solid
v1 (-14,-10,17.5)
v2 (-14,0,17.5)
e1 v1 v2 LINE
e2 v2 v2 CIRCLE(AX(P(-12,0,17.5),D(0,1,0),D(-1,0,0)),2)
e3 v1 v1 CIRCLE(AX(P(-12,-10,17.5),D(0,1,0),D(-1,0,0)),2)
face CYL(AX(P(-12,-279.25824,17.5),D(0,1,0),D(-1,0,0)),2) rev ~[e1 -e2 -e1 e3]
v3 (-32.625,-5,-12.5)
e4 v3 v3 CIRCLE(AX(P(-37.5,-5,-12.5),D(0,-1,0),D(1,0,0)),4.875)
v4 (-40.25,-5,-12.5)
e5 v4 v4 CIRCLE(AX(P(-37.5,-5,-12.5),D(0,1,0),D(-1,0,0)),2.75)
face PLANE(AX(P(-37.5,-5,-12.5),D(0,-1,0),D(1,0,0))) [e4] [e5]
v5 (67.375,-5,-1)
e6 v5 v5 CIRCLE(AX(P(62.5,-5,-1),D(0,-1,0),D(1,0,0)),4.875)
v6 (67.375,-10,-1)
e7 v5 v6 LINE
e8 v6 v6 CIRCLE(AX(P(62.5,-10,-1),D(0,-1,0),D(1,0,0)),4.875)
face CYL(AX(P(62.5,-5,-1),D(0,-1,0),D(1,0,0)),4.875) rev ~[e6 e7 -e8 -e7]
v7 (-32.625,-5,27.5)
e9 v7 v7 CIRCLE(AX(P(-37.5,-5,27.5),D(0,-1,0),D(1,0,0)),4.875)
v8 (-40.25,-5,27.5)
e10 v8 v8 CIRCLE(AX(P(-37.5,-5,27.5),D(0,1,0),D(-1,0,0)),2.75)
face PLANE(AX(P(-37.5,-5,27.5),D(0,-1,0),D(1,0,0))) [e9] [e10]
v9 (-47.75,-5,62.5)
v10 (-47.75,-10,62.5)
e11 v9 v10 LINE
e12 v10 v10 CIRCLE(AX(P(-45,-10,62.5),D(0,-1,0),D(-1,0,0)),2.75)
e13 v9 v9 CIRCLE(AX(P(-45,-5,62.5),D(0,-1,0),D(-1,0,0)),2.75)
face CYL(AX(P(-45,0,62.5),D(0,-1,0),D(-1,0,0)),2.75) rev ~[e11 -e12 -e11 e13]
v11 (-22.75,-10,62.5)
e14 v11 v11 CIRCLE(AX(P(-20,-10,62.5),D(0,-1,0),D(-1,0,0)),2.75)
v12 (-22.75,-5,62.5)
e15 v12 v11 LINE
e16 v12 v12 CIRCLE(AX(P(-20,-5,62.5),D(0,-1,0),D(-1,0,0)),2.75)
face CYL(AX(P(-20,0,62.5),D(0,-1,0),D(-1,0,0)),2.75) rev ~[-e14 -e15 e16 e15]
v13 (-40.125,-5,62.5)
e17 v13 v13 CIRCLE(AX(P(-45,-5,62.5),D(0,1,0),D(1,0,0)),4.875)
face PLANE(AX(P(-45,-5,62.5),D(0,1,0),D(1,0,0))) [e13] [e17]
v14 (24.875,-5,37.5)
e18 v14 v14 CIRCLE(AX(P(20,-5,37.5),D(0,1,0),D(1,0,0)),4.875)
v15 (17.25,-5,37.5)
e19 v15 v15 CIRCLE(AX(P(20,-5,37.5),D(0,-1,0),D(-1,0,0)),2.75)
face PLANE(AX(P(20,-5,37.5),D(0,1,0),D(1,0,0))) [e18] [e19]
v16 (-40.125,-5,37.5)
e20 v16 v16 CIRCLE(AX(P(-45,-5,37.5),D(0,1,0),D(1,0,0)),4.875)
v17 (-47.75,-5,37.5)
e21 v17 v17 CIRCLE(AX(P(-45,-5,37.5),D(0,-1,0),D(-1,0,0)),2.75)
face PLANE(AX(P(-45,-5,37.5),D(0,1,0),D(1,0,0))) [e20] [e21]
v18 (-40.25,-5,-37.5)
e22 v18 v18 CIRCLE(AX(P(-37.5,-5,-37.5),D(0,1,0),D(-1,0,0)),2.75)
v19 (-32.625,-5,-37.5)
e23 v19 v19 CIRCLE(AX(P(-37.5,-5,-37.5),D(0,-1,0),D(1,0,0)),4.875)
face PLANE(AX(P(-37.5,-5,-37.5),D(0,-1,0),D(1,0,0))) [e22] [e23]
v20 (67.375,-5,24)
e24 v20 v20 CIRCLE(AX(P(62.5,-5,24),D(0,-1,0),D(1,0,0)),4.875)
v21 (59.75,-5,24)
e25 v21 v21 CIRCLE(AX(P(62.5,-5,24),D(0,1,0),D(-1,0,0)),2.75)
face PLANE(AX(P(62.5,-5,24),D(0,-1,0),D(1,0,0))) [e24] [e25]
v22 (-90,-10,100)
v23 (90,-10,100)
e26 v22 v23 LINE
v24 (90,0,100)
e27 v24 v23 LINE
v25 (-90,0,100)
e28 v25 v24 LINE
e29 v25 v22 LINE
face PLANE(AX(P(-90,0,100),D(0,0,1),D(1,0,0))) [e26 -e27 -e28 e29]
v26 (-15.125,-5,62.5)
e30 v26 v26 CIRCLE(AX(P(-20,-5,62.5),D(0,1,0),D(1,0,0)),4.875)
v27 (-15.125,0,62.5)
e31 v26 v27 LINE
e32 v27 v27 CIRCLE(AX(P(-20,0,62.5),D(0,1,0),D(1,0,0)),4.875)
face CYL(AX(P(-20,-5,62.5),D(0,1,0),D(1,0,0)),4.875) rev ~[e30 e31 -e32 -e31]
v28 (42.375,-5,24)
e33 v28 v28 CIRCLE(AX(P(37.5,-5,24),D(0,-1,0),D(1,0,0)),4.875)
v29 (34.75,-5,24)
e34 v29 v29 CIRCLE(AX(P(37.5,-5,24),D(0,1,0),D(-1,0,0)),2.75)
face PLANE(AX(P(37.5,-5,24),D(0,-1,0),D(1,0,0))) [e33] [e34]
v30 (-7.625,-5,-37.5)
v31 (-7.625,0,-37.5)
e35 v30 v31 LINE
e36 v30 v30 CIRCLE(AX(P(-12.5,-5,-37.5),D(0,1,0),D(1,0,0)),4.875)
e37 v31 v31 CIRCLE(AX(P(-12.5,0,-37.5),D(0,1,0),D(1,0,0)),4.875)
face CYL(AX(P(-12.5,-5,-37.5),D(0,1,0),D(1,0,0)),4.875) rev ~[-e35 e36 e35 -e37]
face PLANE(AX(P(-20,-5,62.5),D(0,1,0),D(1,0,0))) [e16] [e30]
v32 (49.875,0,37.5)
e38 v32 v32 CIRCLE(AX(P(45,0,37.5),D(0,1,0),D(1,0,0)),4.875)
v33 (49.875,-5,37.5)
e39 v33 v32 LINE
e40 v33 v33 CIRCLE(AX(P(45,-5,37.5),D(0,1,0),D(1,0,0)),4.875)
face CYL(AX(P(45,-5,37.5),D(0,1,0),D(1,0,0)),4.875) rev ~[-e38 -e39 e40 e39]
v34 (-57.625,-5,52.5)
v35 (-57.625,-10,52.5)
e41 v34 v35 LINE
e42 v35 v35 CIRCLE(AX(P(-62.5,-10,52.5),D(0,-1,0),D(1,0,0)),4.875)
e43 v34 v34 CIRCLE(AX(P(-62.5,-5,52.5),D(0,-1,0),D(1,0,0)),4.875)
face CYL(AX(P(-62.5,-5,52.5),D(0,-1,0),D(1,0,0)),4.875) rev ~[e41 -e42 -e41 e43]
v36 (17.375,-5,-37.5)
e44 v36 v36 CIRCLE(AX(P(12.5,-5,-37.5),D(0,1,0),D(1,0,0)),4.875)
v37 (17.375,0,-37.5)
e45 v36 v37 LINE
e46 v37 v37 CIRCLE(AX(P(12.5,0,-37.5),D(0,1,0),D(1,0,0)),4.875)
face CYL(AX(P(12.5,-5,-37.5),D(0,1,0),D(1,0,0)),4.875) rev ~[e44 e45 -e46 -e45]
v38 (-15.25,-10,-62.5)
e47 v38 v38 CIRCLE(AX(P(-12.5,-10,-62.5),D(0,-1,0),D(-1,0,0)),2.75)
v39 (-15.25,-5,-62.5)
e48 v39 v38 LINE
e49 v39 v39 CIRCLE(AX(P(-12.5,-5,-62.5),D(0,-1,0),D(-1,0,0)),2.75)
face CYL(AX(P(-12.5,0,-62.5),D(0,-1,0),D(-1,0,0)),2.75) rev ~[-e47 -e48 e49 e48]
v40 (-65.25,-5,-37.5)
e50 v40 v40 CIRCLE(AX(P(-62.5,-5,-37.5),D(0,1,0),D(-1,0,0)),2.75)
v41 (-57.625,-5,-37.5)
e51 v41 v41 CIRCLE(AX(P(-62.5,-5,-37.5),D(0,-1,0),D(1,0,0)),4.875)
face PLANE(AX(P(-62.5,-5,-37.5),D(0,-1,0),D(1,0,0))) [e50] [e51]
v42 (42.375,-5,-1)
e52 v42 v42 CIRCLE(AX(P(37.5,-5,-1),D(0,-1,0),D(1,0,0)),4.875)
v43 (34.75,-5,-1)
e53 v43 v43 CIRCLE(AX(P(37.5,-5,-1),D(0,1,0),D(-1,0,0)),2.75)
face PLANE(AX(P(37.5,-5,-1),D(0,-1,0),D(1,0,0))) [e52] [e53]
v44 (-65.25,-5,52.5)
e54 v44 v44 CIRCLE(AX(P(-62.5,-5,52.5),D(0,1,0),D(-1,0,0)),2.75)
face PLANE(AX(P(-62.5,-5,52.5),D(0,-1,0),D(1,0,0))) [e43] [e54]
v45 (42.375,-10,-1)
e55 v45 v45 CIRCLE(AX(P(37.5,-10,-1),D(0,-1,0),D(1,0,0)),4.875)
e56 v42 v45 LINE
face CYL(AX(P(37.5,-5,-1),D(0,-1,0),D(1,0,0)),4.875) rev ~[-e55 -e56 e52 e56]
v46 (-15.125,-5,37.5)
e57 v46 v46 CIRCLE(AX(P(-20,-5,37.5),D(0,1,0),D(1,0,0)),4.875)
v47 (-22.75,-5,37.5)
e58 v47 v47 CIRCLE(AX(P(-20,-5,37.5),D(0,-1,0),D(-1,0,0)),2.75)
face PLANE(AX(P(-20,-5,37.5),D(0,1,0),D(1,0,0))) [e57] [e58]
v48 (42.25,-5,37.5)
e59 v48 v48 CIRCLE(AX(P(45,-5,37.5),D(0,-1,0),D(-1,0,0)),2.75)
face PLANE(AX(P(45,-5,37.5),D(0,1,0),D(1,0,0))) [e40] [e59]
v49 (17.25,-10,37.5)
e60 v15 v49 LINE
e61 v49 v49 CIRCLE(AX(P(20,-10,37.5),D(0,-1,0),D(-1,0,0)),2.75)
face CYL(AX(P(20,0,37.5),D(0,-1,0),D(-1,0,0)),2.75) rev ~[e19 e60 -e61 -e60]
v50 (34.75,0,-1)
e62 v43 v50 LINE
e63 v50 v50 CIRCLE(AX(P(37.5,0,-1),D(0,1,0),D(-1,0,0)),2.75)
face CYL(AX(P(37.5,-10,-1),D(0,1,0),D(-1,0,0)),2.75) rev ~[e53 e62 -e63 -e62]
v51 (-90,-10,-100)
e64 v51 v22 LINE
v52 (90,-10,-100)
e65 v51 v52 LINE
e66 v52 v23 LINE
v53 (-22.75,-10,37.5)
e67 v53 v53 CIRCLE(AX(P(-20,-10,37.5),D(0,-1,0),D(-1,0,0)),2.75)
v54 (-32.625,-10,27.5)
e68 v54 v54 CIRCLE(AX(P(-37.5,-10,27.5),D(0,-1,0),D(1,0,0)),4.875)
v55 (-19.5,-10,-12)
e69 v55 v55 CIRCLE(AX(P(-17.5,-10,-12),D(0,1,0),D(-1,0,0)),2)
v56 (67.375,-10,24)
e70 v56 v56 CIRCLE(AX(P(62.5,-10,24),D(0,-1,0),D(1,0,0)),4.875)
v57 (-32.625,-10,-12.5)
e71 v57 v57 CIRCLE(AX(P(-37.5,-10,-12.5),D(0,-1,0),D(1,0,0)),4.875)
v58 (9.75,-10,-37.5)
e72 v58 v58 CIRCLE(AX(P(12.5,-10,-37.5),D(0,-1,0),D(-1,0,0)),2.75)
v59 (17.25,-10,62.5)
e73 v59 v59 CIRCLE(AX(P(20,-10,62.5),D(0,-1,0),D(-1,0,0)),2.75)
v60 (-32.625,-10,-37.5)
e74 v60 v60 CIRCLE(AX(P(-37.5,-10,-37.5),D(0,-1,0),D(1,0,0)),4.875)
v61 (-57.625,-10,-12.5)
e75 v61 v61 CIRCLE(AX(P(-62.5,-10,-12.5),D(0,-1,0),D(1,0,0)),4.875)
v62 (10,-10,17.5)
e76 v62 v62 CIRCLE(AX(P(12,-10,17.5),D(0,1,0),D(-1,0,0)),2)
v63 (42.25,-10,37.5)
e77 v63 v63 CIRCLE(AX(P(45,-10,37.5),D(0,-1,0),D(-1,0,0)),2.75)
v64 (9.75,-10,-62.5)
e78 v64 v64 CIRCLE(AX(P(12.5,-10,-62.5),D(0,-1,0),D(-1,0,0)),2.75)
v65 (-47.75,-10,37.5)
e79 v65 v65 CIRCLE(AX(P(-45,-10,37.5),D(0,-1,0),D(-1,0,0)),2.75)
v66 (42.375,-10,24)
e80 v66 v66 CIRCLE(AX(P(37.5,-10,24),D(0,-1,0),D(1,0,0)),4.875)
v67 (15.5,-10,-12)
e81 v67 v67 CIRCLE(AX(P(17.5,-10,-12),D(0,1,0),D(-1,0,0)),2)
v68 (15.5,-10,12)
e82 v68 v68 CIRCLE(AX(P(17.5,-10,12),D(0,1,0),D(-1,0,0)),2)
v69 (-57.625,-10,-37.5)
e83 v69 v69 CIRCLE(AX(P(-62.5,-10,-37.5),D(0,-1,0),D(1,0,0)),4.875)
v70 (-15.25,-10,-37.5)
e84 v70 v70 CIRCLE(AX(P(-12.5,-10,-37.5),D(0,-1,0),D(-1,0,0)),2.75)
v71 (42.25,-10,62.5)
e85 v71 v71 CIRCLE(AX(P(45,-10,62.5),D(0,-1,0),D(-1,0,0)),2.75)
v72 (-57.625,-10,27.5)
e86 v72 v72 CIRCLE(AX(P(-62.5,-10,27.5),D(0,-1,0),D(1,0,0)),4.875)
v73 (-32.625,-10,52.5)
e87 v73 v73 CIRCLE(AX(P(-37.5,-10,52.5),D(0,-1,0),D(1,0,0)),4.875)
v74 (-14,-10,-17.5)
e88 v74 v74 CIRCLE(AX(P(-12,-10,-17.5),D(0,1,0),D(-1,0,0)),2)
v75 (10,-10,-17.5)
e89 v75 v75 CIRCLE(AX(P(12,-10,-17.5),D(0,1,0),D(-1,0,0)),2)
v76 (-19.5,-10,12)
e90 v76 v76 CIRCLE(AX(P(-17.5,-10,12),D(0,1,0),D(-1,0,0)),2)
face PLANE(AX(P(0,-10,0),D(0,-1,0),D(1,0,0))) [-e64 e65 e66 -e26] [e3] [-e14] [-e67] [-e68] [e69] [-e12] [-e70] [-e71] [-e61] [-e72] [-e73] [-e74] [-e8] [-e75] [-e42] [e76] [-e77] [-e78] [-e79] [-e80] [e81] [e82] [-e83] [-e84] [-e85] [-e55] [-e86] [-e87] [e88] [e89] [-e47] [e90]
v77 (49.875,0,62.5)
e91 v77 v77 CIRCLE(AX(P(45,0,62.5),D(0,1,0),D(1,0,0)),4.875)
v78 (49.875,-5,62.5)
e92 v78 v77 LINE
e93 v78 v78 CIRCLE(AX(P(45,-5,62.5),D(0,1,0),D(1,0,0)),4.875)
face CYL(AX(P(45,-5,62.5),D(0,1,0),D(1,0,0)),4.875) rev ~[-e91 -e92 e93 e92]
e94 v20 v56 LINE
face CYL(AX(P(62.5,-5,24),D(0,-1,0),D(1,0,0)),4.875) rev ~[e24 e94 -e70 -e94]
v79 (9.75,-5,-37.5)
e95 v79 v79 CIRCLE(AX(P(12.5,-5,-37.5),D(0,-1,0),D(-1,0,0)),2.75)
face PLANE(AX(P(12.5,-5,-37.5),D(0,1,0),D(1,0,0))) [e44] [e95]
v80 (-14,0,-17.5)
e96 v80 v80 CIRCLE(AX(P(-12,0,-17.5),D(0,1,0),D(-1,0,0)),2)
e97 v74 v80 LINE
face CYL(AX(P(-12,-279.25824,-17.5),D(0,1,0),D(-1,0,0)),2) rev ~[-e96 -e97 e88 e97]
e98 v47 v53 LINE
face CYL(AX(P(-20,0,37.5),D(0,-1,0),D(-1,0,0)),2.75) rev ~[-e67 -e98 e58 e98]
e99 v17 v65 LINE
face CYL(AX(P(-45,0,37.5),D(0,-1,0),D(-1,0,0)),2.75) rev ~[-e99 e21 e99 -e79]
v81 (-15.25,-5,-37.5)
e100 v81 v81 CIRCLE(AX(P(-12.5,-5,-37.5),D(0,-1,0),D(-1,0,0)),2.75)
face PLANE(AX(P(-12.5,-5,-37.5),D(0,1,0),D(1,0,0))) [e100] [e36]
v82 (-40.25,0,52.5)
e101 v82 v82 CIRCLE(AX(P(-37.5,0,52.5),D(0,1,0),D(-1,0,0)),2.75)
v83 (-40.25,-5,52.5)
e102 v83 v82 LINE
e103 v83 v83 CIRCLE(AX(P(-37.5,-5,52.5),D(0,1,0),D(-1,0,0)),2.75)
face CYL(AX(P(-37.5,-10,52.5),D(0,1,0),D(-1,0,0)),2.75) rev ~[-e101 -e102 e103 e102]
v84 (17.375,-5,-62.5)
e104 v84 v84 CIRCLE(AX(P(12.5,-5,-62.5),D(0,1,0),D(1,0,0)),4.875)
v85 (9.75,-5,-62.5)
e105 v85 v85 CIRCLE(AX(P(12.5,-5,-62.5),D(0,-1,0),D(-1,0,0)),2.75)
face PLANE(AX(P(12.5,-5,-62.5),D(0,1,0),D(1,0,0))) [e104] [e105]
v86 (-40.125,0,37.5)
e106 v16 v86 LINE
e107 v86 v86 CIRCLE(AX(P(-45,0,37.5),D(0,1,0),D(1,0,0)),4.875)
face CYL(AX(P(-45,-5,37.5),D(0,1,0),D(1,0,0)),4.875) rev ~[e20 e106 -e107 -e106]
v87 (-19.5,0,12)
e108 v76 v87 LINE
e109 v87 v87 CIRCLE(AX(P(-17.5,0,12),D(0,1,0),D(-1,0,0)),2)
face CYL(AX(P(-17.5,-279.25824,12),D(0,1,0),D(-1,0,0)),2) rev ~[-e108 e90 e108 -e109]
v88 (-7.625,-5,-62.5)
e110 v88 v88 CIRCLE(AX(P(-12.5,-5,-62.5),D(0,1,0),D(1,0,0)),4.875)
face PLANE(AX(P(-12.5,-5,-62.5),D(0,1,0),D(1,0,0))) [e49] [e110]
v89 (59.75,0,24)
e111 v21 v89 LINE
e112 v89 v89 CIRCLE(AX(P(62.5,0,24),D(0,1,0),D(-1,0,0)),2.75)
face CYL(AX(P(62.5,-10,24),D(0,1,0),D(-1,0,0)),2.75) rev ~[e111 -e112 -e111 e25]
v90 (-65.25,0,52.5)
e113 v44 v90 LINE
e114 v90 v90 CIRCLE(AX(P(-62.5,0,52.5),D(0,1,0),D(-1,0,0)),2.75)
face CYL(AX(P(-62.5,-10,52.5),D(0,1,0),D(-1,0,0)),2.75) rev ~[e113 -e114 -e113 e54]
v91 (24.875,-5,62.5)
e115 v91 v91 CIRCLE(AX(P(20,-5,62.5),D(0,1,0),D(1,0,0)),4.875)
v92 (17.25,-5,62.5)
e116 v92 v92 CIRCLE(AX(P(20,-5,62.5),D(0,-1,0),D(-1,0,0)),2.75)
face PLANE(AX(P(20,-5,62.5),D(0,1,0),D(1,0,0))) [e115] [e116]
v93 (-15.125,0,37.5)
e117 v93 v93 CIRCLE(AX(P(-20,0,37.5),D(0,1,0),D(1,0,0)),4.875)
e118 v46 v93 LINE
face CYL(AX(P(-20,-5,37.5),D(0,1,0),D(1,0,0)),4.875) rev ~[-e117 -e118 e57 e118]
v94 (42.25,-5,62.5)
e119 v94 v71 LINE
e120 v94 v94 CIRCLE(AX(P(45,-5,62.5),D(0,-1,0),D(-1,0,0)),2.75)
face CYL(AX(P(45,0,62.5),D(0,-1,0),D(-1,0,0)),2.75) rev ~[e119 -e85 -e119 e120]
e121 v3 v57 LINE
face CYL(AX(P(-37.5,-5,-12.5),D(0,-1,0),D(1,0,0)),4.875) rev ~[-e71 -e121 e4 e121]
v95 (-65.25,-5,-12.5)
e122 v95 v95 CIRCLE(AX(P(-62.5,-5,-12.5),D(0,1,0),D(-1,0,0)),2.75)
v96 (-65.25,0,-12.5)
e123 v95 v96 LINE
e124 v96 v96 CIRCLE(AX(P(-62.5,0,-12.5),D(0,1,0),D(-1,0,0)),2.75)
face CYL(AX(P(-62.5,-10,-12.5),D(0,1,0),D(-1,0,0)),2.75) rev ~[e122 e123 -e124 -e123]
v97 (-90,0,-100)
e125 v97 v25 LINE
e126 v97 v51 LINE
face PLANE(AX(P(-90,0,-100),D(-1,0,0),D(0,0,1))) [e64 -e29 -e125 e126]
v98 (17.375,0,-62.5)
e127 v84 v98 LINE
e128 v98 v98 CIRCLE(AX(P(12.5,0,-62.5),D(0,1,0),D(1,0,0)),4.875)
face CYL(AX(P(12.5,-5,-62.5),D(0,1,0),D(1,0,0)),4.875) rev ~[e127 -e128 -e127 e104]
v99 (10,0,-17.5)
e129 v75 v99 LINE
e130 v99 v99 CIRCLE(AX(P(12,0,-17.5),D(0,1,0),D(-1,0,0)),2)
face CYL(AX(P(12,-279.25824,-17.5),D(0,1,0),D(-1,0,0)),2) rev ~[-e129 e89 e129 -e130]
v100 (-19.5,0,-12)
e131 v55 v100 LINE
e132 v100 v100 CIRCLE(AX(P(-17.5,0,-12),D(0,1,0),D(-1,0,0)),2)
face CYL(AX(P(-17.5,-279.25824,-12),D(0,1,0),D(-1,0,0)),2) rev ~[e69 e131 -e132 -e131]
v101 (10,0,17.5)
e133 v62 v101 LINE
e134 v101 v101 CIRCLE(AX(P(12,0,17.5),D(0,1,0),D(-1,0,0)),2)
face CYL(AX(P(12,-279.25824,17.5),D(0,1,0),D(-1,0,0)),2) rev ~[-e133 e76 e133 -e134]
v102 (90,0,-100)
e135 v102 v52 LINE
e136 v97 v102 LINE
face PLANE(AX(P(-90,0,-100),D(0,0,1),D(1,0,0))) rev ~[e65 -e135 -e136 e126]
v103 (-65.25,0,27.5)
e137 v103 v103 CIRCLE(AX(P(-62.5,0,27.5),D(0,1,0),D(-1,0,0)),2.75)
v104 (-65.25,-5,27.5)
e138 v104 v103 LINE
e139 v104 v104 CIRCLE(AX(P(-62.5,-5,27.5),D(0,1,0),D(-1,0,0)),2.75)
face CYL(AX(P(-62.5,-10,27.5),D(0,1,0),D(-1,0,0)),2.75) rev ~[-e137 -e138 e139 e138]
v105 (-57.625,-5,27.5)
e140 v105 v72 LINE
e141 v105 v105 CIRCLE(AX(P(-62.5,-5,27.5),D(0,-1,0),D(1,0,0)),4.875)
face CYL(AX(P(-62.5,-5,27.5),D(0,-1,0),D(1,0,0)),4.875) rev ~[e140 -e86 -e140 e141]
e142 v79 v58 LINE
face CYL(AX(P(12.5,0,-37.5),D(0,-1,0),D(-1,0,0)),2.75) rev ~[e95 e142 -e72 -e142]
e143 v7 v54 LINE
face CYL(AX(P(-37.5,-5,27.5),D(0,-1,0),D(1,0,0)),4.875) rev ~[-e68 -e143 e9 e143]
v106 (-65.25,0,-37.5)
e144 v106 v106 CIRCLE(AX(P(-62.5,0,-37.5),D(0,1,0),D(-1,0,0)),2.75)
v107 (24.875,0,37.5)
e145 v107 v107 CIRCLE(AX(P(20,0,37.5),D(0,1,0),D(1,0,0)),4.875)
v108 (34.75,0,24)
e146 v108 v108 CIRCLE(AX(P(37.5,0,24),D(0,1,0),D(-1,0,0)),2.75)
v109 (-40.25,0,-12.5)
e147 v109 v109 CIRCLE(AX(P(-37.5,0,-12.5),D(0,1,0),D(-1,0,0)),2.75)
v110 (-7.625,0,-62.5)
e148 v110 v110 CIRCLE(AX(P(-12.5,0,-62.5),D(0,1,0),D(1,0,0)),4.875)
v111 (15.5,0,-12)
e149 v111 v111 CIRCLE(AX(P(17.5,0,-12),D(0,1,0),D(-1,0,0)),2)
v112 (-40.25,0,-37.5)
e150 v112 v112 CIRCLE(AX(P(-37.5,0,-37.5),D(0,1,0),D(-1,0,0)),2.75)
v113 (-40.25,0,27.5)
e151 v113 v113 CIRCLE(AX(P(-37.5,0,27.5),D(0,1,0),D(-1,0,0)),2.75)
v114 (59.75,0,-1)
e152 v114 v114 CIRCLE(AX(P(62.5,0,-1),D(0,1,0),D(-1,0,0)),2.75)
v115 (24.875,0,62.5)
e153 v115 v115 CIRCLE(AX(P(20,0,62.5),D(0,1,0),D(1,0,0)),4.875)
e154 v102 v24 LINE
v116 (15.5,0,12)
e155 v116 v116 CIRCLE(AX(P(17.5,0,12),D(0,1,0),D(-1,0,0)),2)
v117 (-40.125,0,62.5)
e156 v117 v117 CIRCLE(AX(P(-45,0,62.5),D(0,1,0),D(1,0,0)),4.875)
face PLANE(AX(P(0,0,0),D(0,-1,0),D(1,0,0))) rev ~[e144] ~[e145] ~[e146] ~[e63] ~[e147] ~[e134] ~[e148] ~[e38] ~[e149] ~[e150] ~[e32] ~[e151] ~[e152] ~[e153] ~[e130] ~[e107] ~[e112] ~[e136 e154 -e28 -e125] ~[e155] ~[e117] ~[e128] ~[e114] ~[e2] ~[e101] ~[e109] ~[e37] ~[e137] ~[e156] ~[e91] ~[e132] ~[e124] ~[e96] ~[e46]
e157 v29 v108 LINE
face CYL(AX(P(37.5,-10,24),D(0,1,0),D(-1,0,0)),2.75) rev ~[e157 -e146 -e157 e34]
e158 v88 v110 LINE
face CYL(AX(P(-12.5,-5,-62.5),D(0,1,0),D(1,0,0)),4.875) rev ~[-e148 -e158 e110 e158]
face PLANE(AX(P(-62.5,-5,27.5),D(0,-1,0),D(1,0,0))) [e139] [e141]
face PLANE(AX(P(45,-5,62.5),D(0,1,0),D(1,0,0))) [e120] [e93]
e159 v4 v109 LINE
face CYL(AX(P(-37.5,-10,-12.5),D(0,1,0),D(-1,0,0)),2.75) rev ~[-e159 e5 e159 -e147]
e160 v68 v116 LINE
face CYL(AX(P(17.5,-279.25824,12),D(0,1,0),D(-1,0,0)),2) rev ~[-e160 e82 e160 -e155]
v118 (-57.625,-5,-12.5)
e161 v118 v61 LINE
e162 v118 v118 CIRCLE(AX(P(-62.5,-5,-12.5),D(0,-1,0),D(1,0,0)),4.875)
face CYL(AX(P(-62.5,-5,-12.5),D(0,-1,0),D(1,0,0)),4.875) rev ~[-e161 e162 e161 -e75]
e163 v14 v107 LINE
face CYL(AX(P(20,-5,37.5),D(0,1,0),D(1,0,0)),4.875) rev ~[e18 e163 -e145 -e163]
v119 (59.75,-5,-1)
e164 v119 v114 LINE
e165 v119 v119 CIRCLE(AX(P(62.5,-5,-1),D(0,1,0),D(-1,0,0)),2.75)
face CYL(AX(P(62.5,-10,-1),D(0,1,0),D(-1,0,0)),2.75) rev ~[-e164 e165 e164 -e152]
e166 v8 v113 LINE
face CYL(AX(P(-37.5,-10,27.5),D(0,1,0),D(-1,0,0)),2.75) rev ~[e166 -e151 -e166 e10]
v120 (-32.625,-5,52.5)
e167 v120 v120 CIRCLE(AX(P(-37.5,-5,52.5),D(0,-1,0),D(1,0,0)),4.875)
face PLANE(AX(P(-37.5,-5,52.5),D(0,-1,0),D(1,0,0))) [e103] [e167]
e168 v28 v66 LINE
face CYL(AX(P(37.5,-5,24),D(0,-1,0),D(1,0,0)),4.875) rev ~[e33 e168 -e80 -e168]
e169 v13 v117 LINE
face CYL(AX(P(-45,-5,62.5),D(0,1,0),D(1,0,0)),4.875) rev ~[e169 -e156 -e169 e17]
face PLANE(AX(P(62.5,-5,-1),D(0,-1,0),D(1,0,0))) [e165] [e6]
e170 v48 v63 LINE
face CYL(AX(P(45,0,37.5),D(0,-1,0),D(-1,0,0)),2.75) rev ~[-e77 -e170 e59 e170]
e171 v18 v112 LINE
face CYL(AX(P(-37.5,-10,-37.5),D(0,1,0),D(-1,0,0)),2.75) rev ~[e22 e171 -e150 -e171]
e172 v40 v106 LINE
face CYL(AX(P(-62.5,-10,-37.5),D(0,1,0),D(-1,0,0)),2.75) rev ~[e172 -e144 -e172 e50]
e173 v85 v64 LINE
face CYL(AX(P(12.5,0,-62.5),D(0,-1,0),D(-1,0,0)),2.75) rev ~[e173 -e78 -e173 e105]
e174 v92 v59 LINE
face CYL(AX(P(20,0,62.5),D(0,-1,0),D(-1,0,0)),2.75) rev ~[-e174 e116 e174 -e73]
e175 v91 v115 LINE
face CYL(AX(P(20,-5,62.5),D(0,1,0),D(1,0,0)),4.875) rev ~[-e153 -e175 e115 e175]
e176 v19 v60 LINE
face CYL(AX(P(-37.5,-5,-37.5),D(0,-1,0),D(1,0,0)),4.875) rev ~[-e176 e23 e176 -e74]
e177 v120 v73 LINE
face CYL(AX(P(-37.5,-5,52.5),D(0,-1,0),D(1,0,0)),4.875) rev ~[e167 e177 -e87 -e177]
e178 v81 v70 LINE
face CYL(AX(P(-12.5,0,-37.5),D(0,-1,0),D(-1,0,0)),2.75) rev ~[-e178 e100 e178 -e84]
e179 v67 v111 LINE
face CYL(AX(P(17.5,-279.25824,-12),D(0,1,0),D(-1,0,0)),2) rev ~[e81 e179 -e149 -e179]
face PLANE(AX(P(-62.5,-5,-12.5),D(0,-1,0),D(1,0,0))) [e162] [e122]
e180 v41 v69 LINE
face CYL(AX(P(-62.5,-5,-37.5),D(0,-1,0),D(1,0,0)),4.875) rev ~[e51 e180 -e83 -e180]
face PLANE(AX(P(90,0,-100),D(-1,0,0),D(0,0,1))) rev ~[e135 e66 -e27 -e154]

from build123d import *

# Parameters (mm, degrees)
F0_W           = 180
F0_H           = 200
F1_DEPTH       = 10
F2_D           = 5.5
F2_CBORE_D     = 9.75
F2_CBORE_DEPTH = 5
F4_D           = 5.5
F4_CBORE_D     = 9.75
F4_CBORE_DEPTH = 5
F6_D           = 4


with BuildPart() as f1:
    # F0 (on Front) → F1 (new body)
    with BuildSketch(Plane.XZ):
        Rectangle(F0_W, F0_H)
    extrude(amount=F1_DEPTH)

    # F2 (through all)
    with Locations(Plane(origin=(0, 0, 0), x_dir=(1, 0, 0), z_dir=(0, 1, 0))):
        with Locations((-45, -62.5), (-20, -62.5), (-20, -37.5), (-45, -37.5), (20, -62.5), (45, -62.5), (45, -37.5), (20, -37.5), (12.5, 37.5), (-12.5, 37.5), (-12.5, 62.5), (12.5, 62.5)):
            CounterBoreHole(F2_D / 2, F2_CBORE_D / 2, F2_CBORE_DEPTH)

    # F4 (through all)
    with Locations(Plane.XZ.offset(10)):
        with Locations((-62.5, -37.5), (-62.5, -12.5), (-37.5, -12.5), (-37.5, -37.5), (-62.5, 27.5), (-62.5, 52.5), (-37.5, 52.5), (-37.5, 27.5), (37.5, -1), (37.5, 24), (62.5, 24), (62.5, -1)):
            CounterBoreHole(F4_D / 2, F4_CBORE_D / 2, F4_CBORE_DEPTH)

    # F6 (through all)
    with Locations(Plane.XZ.offset(10)):
        with Locations((-17.5, 12), (-17.5, -12), (17.5, -12), (17.5, 12), (-12, 17.5), (12, 17.5), (12, -17.5), (-12, -17.5)):
            Hole(F6_D / 2)


solid = f1.part
